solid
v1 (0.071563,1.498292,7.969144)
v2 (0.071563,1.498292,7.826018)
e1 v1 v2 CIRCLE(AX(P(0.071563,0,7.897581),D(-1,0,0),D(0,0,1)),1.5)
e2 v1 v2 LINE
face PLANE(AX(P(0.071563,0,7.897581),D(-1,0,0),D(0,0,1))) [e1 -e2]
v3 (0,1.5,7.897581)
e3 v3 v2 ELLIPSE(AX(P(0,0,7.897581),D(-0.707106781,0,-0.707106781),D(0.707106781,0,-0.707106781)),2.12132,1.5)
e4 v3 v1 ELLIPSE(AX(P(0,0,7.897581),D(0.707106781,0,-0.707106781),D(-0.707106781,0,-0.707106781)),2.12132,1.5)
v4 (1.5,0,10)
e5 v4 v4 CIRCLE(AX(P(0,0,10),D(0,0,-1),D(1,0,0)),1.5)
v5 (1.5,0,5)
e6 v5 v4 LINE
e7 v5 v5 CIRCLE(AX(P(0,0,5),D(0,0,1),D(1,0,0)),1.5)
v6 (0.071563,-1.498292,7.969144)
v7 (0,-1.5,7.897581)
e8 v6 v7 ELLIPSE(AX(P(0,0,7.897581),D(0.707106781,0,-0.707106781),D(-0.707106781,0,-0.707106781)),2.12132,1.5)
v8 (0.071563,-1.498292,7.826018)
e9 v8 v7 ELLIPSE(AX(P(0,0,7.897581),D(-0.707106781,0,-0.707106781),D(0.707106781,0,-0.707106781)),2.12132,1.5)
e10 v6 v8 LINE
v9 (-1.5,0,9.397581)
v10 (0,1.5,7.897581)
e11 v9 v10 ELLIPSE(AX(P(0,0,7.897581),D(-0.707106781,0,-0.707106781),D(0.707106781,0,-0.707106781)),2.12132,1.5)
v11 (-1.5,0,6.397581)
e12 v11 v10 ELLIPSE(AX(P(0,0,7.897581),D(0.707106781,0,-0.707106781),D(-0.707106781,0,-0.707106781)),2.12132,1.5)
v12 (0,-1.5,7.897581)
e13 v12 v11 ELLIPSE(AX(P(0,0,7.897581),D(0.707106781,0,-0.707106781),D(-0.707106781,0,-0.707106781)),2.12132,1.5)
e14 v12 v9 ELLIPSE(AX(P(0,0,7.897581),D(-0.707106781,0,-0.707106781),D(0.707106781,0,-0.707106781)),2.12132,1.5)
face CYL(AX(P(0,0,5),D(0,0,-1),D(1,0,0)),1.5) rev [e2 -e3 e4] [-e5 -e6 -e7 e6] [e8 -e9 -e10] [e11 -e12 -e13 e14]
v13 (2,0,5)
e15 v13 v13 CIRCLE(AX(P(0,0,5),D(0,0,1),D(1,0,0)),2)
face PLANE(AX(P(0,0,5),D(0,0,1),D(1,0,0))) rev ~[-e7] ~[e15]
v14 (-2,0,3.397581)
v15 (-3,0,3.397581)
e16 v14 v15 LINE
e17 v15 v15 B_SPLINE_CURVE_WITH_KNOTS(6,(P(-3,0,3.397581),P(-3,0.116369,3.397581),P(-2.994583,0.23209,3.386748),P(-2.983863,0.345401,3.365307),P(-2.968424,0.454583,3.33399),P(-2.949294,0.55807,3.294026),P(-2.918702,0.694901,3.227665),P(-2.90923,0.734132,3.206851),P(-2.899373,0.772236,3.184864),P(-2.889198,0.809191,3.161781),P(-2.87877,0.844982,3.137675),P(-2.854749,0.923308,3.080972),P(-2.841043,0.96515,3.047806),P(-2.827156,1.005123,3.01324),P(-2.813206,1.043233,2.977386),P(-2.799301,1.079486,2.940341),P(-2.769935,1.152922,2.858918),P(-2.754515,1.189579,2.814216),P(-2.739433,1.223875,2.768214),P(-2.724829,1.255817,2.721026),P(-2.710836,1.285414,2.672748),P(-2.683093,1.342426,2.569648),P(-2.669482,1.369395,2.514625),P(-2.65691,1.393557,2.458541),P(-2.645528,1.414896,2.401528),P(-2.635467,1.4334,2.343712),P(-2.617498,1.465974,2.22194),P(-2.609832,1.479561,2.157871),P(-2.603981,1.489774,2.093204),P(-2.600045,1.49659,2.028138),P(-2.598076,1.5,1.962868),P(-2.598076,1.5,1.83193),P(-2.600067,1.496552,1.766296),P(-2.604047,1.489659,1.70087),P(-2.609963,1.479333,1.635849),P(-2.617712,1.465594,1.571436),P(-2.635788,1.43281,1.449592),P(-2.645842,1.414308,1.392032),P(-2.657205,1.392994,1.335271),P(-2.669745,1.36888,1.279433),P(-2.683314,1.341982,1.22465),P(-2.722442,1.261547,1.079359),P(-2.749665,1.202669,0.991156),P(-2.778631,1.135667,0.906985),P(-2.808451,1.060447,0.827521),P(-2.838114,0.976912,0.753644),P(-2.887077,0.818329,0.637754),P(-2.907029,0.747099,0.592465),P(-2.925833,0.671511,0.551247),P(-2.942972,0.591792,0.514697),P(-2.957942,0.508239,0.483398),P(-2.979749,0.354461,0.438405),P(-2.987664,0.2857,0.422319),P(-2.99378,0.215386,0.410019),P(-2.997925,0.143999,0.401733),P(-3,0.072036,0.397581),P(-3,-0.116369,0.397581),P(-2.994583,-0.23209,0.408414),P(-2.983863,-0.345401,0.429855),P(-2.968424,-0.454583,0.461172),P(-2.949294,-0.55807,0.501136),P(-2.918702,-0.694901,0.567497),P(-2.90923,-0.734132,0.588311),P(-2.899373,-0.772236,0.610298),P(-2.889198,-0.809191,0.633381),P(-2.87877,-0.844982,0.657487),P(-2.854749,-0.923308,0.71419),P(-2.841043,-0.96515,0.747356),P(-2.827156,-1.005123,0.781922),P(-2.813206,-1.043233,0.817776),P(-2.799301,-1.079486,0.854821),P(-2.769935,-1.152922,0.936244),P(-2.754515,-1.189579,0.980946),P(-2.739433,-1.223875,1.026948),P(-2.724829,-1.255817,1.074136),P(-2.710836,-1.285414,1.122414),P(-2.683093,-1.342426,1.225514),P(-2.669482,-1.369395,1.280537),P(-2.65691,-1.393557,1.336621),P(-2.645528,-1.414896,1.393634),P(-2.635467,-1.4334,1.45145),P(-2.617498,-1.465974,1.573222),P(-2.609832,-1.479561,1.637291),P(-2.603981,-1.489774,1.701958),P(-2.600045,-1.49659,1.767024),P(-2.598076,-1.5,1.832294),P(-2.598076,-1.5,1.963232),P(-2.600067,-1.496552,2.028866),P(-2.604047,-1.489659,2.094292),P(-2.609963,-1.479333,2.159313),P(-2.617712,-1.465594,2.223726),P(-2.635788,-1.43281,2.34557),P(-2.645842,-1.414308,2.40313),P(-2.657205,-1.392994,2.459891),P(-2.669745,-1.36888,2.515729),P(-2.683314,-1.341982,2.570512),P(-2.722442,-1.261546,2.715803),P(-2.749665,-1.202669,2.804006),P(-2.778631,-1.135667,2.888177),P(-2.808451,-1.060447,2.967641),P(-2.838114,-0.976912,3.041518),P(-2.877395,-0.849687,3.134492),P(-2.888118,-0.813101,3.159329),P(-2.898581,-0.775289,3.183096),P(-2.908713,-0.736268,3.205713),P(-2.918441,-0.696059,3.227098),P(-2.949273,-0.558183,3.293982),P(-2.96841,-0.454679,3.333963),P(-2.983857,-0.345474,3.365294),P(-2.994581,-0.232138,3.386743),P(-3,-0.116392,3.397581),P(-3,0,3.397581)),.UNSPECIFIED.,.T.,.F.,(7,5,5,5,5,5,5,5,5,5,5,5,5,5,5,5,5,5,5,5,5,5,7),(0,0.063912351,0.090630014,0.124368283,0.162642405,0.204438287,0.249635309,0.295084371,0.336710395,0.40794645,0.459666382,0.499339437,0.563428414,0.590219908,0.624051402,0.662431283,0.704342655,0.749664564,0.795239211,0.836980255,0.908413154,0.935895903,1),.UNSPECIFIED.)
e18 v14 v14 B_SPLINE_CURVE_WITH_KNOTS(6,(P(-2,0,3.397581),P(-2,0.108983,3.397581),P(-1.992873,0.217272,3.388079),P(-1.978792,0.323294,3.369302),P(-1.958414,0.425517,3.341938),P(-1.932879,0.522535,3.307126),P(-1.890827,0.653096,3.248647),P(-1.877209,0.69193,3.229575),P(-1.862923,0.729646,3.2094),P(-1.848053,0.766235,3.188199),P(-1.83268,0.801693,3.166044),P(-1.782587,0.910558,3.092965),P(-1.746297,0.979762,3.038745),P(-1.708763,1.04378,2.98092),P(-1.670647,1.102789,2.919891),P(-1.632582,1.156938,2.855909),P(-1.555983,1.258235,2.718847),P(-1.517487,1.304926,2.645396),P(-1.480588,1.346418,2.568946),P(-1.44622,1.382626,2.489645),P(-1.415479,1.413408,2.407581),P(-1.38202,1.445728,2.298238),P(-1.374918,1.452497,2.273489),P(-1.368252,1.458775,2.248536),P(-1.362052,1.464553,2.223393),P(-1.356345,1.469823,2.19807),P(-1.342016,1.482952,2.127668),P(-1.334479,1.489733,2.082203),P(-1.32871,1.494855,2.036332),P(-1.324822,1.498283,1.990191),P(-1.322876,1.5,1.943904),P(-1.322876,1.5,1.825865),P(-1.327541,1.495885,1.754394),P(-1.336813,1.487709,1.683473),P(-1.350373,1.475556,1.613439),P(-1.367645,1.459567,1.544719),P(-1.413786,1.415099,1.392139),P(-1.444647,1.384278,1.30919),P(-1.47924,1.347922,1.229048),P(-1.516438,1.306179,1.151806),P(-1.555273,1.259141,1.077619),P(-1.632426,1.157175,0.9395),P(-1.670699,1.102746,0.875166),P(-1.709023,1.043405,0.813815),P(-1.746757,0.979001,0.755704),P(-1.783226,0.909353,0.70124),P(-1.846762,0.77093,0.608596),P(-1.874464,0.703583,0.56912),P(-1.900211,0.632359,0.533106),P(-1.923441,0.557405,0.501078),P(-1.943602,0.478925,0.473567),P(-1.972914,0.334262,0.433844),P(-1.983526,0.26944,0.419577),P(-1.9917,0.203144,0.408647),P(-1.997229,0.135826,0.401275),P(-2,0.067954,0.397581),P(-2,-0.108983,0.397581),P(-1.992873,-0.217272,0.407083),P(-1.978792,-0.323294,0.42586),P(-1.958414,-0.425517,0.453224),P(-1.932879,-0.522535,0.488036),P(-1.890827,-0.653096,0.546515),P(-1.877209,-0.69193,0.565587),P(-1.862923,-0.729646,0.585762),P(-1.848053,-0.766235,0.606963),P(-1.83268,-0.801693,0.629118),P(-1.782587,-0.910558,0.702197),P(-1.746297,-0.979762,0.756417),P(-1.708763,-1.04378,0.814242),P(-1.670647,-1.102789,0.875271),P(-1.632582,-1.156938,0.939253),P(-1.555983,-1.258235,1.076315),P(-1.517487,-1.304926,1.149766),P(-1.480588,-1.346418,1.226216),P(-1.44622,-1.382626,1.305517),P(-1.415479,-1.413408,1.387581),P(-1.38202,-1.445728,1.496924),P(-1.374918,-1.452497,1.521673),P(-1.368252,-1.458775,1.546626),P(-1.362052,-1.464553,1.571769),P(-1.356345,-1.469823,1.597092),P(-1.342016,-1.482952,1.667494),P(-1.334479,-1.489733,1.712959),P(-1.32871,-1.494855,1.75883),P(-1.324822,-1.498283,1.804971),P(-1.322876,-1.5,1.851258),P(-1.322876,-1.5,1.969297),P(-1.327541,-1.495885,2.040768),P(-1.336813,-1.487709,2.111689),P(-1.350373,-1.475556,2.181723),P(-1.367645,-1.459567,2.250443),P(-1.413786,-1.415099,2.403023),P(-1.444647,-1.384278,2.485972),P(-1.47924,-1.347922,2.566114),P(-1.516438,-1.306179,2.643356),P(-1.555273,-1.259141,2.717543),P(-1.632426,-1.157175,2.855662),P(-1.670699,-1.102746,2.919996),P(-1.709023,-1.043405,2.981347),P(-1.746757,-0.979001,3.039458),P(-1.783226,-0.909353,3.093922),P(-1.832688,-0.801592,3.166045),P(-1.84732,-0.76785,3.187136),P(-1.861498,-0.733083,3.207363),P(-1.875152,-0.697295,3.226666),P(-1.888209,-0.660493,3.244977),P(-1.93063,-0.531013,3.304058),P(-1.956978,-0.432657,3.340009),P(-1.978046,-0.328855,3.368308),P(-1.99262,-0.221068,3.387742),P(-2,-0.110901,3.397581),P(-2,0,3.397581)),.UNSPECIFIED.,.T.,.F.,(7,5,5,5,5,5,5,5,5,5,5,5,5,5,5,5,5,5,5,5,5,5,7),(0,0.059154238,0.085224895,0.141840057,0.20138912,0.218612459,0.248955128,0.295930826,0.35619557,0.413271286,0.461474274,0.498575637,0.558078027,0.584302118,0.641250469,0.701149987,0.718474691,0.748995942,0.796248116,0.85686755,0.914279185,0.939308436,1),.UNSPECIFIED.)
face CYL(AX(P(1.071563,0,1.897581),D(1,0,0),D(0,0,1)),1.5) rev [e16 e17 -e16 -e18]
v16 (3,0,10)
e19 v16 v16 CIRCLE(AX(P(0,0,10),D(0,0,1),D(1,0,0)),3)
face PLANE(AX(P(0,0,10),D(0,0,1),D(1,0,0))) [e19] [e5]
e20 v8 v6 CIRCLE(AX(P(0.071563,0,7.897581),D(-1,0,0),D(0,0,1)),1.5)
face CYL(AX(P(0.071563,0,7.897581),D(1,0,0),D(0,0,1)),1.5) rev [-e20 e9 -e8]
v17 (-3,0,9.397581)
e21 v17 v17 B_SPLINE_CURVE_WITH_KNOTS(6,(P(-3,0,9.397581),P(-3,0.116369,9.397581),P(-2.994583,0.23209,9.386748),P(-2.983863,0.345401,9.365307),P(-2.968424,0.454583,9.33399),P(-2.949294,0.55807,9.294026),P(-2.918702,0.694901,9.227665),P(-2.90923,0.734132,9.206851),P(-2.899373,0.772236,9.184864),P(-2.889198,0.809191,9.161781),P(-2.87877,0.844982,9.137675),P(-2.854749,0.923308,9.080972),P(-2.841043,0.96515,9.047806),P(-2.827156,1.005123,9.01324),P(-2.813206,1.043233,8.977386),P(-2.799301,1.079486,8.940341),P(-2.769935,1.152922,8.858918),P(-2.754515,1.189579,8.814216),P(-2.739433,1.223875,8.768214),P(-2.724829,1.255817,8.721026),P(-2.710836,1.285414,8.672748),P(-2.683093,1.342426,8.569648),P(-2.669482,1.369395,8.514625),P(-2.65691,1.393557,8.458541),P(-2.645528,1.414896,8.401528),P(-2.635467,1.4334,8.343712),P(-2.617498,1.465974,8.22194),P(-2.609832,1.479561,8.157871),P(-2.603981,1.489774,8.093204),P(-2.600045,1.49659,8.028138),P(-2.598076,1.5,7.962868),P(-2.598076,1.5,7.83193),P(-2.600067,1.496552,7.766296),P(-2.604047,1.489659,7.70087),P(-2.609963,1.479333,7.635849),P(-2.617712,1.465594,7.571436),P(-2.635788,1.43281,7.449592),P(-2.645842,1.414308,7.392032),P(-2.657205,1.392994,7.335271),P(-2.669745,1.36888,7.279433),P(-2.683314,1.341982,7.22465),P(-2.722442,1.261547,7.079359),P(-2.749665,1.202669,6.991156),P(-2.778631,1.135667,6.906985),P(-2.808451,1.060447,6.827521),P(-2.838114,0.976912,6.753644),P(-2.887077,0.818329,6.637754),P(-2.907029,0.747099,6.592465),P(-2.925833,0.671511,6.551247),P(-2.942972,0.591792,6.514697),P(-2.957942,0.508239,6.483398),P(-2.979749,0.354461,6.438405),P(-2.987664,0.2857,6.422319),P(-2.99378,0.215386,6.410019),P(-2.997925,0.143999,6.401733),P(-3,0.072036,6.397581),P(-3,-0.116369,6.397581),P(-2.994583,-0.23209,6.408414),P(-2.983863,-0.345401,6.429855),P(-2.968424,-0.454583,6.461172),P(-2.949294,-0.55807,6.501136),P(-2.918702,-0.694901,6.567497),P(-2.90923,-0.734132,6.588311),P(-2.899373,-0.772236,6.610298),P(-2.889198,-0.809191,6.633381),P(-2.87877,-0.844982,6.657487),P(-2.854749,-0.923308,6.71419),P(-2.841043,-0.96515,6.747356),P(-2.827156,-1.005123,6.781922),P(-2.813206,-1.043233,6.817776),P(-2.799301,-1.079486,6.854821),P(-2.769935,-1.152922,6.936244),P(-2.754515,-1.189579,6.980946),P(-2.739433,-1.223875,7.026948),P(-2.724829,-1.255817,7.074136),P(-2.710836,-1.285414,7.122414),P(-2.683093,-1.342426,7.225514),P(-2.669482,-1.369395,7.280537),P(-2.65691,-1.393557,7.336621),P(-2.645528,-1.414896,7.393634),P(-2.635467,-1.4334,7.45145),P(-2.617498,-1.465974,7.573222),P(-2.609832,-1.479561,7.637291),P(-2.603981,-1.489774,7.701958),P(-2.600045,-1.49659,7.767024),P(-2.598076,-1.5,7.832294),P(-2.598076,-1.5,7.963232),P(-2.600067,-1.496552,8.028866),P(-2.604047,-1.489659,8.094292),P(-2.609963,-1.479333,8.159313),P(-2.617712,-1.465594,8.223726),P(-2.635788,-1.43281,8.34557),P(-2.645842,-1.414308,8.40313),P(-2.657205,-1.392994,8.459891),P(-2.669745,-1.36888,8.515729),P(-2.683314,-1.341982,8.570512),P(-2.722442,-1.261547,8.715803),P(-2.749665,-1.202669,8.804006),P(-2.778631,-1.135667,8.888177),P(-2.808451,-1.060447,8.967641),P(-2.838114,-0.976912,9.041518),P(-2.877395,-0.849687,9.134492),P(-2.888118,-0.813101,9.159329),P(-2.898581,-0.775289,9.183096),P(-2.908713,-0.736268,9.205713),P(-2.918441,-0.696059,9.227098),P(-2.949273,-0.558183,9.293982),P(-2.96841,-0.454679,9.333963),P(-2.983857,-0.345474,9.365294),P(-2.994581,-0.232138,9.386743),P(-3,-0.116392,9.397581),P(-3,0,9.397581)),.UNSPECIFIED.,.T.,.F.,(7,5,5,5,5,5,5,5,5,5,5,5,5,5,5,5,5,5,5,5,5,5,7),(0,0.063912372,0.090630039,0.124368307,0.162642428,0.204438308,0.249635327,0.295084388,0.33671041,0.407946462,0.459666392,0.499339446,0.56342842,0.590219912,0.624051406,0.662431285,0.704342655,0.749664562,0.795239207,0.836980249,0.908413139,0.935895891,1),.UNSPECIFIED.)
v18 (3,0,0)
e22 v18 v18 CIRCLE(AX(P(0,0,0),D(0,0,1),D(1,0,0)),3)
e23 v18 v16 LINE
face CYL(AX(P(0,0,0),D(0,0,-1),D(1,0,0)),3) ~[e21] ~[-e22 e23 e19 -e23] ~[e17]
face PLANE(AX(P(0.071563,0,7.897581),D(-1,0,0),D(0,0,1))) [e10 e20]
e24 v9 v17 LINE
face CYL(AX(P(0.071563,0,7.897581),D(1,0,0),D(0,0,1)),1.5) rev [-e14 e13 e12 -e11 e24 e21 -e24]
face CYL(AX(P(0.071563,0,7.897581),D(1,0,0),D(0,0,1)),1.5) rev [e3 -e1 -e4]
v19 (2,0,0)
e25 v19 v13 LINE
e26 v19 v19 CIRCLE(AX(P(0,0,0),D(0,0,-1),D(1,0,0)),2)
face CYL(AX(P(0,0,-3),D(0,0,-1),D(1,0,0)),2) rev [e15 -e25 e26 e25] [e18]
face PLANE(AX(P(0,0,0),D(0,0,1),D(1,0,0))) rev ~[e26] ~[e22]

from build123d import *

# Parameters (mm, degrees)
CYLINDER003_R           = 1.5
CYLINDER003_DEPTH       = 10
CYLINDER003_PITCH_ANGLE = -90
CYLINDER002_R           = 1.5
CYLINDER002_DEPTH       = 8
CYLINDER_R              = 1.5
CYLINDER_DEPTH          = 10
CYLINDER_PITCH_ANGLE    = -90
CYLINDER001_R           = 2
CYLINDER001_DEPTH       = 8
SKETCH_R                = 3
PAD_DEPTH               = 10


with BuildPart() as cilindro003:
    # Cylinder003 → Cylinder003 (new body)
    with BuildSketch(Plane.XY):
        Circle(CYLINDER003_R)
    extrude(amount=CYLINDER003_DEPTH)


with BuildPart() as cilindro003_1:
    # Cylinder003 pitch: moved
    add(cilindro003.part.rotate(Axis((0, 0, 0), (0, 1, 0)), CYLINDER003_PITCH_ANGLE))


with BuildPart() as cilindro003_2:
    # Cylinder003 placement: moved
    add(cilindro003_1.part.moved(Location((0.071563, 0, 7.897581))))


with BuildPart() as cilindro002:
    # Cylinder002 → Cylinder002 (new body)
    with BuildSketch(Plane.XY.offset(5)):
        Circle(CYLINDER002_R)
    extrude(amount=CYLINDER002_DEPTH)


with BuildPart() as cilindro:
    # Cylinder → Cylinder (new body)
    with BuildSketch(Plane.XY):
        Circle(CYLINDER_R)
    extrude(amount=CYLINDER_DEPTH)


with BuildPart() as cilindro_1:
    # Cylinder pitch: moved
    add(cilindro.part.rotate(Axis((0, 0, 0), (0, 1, 0)), CYLINDER_PITCH_ANGLE))


with BuildPart() as cilindro_2:
    # Cylinder placement: moved
    add(cilindro_1.part.moved(Location((1.071563, 0, 1.897581))))


with BuildPart() as cilindro001:
    # Cylinder001 → Cylinder001 (new body)
    with BuildSketch(Plane.XY.offset(-3)):
        Circle(CYLINDER001_R)
    extrude(amount=CYLINDER001_DEPTH)


with BuildPart() as cut003:
    # Sketch → Pad (new body)
    with BuildSketch(Plane.XY):
        Circle(SKETCH_R)
    extrude(amount=PAD_DEPTH)

    # Cut: cut Cilindro001
    add(cilindro001.part, mode=Mode.SUBTRACT)

    # Cut001: cut Cilindro
    add(cilindro_2.part, mode=Mode.SUBTRACT)

    # Cut002: cut Cilindro002
    add(cilindro002.part, mode=Mode.SUBTRACT)

    # Cut003: cut Cilindro003
    add(cilindro003_2.part, mode=Mode.SUBTRACT)


solid = cut003.part
